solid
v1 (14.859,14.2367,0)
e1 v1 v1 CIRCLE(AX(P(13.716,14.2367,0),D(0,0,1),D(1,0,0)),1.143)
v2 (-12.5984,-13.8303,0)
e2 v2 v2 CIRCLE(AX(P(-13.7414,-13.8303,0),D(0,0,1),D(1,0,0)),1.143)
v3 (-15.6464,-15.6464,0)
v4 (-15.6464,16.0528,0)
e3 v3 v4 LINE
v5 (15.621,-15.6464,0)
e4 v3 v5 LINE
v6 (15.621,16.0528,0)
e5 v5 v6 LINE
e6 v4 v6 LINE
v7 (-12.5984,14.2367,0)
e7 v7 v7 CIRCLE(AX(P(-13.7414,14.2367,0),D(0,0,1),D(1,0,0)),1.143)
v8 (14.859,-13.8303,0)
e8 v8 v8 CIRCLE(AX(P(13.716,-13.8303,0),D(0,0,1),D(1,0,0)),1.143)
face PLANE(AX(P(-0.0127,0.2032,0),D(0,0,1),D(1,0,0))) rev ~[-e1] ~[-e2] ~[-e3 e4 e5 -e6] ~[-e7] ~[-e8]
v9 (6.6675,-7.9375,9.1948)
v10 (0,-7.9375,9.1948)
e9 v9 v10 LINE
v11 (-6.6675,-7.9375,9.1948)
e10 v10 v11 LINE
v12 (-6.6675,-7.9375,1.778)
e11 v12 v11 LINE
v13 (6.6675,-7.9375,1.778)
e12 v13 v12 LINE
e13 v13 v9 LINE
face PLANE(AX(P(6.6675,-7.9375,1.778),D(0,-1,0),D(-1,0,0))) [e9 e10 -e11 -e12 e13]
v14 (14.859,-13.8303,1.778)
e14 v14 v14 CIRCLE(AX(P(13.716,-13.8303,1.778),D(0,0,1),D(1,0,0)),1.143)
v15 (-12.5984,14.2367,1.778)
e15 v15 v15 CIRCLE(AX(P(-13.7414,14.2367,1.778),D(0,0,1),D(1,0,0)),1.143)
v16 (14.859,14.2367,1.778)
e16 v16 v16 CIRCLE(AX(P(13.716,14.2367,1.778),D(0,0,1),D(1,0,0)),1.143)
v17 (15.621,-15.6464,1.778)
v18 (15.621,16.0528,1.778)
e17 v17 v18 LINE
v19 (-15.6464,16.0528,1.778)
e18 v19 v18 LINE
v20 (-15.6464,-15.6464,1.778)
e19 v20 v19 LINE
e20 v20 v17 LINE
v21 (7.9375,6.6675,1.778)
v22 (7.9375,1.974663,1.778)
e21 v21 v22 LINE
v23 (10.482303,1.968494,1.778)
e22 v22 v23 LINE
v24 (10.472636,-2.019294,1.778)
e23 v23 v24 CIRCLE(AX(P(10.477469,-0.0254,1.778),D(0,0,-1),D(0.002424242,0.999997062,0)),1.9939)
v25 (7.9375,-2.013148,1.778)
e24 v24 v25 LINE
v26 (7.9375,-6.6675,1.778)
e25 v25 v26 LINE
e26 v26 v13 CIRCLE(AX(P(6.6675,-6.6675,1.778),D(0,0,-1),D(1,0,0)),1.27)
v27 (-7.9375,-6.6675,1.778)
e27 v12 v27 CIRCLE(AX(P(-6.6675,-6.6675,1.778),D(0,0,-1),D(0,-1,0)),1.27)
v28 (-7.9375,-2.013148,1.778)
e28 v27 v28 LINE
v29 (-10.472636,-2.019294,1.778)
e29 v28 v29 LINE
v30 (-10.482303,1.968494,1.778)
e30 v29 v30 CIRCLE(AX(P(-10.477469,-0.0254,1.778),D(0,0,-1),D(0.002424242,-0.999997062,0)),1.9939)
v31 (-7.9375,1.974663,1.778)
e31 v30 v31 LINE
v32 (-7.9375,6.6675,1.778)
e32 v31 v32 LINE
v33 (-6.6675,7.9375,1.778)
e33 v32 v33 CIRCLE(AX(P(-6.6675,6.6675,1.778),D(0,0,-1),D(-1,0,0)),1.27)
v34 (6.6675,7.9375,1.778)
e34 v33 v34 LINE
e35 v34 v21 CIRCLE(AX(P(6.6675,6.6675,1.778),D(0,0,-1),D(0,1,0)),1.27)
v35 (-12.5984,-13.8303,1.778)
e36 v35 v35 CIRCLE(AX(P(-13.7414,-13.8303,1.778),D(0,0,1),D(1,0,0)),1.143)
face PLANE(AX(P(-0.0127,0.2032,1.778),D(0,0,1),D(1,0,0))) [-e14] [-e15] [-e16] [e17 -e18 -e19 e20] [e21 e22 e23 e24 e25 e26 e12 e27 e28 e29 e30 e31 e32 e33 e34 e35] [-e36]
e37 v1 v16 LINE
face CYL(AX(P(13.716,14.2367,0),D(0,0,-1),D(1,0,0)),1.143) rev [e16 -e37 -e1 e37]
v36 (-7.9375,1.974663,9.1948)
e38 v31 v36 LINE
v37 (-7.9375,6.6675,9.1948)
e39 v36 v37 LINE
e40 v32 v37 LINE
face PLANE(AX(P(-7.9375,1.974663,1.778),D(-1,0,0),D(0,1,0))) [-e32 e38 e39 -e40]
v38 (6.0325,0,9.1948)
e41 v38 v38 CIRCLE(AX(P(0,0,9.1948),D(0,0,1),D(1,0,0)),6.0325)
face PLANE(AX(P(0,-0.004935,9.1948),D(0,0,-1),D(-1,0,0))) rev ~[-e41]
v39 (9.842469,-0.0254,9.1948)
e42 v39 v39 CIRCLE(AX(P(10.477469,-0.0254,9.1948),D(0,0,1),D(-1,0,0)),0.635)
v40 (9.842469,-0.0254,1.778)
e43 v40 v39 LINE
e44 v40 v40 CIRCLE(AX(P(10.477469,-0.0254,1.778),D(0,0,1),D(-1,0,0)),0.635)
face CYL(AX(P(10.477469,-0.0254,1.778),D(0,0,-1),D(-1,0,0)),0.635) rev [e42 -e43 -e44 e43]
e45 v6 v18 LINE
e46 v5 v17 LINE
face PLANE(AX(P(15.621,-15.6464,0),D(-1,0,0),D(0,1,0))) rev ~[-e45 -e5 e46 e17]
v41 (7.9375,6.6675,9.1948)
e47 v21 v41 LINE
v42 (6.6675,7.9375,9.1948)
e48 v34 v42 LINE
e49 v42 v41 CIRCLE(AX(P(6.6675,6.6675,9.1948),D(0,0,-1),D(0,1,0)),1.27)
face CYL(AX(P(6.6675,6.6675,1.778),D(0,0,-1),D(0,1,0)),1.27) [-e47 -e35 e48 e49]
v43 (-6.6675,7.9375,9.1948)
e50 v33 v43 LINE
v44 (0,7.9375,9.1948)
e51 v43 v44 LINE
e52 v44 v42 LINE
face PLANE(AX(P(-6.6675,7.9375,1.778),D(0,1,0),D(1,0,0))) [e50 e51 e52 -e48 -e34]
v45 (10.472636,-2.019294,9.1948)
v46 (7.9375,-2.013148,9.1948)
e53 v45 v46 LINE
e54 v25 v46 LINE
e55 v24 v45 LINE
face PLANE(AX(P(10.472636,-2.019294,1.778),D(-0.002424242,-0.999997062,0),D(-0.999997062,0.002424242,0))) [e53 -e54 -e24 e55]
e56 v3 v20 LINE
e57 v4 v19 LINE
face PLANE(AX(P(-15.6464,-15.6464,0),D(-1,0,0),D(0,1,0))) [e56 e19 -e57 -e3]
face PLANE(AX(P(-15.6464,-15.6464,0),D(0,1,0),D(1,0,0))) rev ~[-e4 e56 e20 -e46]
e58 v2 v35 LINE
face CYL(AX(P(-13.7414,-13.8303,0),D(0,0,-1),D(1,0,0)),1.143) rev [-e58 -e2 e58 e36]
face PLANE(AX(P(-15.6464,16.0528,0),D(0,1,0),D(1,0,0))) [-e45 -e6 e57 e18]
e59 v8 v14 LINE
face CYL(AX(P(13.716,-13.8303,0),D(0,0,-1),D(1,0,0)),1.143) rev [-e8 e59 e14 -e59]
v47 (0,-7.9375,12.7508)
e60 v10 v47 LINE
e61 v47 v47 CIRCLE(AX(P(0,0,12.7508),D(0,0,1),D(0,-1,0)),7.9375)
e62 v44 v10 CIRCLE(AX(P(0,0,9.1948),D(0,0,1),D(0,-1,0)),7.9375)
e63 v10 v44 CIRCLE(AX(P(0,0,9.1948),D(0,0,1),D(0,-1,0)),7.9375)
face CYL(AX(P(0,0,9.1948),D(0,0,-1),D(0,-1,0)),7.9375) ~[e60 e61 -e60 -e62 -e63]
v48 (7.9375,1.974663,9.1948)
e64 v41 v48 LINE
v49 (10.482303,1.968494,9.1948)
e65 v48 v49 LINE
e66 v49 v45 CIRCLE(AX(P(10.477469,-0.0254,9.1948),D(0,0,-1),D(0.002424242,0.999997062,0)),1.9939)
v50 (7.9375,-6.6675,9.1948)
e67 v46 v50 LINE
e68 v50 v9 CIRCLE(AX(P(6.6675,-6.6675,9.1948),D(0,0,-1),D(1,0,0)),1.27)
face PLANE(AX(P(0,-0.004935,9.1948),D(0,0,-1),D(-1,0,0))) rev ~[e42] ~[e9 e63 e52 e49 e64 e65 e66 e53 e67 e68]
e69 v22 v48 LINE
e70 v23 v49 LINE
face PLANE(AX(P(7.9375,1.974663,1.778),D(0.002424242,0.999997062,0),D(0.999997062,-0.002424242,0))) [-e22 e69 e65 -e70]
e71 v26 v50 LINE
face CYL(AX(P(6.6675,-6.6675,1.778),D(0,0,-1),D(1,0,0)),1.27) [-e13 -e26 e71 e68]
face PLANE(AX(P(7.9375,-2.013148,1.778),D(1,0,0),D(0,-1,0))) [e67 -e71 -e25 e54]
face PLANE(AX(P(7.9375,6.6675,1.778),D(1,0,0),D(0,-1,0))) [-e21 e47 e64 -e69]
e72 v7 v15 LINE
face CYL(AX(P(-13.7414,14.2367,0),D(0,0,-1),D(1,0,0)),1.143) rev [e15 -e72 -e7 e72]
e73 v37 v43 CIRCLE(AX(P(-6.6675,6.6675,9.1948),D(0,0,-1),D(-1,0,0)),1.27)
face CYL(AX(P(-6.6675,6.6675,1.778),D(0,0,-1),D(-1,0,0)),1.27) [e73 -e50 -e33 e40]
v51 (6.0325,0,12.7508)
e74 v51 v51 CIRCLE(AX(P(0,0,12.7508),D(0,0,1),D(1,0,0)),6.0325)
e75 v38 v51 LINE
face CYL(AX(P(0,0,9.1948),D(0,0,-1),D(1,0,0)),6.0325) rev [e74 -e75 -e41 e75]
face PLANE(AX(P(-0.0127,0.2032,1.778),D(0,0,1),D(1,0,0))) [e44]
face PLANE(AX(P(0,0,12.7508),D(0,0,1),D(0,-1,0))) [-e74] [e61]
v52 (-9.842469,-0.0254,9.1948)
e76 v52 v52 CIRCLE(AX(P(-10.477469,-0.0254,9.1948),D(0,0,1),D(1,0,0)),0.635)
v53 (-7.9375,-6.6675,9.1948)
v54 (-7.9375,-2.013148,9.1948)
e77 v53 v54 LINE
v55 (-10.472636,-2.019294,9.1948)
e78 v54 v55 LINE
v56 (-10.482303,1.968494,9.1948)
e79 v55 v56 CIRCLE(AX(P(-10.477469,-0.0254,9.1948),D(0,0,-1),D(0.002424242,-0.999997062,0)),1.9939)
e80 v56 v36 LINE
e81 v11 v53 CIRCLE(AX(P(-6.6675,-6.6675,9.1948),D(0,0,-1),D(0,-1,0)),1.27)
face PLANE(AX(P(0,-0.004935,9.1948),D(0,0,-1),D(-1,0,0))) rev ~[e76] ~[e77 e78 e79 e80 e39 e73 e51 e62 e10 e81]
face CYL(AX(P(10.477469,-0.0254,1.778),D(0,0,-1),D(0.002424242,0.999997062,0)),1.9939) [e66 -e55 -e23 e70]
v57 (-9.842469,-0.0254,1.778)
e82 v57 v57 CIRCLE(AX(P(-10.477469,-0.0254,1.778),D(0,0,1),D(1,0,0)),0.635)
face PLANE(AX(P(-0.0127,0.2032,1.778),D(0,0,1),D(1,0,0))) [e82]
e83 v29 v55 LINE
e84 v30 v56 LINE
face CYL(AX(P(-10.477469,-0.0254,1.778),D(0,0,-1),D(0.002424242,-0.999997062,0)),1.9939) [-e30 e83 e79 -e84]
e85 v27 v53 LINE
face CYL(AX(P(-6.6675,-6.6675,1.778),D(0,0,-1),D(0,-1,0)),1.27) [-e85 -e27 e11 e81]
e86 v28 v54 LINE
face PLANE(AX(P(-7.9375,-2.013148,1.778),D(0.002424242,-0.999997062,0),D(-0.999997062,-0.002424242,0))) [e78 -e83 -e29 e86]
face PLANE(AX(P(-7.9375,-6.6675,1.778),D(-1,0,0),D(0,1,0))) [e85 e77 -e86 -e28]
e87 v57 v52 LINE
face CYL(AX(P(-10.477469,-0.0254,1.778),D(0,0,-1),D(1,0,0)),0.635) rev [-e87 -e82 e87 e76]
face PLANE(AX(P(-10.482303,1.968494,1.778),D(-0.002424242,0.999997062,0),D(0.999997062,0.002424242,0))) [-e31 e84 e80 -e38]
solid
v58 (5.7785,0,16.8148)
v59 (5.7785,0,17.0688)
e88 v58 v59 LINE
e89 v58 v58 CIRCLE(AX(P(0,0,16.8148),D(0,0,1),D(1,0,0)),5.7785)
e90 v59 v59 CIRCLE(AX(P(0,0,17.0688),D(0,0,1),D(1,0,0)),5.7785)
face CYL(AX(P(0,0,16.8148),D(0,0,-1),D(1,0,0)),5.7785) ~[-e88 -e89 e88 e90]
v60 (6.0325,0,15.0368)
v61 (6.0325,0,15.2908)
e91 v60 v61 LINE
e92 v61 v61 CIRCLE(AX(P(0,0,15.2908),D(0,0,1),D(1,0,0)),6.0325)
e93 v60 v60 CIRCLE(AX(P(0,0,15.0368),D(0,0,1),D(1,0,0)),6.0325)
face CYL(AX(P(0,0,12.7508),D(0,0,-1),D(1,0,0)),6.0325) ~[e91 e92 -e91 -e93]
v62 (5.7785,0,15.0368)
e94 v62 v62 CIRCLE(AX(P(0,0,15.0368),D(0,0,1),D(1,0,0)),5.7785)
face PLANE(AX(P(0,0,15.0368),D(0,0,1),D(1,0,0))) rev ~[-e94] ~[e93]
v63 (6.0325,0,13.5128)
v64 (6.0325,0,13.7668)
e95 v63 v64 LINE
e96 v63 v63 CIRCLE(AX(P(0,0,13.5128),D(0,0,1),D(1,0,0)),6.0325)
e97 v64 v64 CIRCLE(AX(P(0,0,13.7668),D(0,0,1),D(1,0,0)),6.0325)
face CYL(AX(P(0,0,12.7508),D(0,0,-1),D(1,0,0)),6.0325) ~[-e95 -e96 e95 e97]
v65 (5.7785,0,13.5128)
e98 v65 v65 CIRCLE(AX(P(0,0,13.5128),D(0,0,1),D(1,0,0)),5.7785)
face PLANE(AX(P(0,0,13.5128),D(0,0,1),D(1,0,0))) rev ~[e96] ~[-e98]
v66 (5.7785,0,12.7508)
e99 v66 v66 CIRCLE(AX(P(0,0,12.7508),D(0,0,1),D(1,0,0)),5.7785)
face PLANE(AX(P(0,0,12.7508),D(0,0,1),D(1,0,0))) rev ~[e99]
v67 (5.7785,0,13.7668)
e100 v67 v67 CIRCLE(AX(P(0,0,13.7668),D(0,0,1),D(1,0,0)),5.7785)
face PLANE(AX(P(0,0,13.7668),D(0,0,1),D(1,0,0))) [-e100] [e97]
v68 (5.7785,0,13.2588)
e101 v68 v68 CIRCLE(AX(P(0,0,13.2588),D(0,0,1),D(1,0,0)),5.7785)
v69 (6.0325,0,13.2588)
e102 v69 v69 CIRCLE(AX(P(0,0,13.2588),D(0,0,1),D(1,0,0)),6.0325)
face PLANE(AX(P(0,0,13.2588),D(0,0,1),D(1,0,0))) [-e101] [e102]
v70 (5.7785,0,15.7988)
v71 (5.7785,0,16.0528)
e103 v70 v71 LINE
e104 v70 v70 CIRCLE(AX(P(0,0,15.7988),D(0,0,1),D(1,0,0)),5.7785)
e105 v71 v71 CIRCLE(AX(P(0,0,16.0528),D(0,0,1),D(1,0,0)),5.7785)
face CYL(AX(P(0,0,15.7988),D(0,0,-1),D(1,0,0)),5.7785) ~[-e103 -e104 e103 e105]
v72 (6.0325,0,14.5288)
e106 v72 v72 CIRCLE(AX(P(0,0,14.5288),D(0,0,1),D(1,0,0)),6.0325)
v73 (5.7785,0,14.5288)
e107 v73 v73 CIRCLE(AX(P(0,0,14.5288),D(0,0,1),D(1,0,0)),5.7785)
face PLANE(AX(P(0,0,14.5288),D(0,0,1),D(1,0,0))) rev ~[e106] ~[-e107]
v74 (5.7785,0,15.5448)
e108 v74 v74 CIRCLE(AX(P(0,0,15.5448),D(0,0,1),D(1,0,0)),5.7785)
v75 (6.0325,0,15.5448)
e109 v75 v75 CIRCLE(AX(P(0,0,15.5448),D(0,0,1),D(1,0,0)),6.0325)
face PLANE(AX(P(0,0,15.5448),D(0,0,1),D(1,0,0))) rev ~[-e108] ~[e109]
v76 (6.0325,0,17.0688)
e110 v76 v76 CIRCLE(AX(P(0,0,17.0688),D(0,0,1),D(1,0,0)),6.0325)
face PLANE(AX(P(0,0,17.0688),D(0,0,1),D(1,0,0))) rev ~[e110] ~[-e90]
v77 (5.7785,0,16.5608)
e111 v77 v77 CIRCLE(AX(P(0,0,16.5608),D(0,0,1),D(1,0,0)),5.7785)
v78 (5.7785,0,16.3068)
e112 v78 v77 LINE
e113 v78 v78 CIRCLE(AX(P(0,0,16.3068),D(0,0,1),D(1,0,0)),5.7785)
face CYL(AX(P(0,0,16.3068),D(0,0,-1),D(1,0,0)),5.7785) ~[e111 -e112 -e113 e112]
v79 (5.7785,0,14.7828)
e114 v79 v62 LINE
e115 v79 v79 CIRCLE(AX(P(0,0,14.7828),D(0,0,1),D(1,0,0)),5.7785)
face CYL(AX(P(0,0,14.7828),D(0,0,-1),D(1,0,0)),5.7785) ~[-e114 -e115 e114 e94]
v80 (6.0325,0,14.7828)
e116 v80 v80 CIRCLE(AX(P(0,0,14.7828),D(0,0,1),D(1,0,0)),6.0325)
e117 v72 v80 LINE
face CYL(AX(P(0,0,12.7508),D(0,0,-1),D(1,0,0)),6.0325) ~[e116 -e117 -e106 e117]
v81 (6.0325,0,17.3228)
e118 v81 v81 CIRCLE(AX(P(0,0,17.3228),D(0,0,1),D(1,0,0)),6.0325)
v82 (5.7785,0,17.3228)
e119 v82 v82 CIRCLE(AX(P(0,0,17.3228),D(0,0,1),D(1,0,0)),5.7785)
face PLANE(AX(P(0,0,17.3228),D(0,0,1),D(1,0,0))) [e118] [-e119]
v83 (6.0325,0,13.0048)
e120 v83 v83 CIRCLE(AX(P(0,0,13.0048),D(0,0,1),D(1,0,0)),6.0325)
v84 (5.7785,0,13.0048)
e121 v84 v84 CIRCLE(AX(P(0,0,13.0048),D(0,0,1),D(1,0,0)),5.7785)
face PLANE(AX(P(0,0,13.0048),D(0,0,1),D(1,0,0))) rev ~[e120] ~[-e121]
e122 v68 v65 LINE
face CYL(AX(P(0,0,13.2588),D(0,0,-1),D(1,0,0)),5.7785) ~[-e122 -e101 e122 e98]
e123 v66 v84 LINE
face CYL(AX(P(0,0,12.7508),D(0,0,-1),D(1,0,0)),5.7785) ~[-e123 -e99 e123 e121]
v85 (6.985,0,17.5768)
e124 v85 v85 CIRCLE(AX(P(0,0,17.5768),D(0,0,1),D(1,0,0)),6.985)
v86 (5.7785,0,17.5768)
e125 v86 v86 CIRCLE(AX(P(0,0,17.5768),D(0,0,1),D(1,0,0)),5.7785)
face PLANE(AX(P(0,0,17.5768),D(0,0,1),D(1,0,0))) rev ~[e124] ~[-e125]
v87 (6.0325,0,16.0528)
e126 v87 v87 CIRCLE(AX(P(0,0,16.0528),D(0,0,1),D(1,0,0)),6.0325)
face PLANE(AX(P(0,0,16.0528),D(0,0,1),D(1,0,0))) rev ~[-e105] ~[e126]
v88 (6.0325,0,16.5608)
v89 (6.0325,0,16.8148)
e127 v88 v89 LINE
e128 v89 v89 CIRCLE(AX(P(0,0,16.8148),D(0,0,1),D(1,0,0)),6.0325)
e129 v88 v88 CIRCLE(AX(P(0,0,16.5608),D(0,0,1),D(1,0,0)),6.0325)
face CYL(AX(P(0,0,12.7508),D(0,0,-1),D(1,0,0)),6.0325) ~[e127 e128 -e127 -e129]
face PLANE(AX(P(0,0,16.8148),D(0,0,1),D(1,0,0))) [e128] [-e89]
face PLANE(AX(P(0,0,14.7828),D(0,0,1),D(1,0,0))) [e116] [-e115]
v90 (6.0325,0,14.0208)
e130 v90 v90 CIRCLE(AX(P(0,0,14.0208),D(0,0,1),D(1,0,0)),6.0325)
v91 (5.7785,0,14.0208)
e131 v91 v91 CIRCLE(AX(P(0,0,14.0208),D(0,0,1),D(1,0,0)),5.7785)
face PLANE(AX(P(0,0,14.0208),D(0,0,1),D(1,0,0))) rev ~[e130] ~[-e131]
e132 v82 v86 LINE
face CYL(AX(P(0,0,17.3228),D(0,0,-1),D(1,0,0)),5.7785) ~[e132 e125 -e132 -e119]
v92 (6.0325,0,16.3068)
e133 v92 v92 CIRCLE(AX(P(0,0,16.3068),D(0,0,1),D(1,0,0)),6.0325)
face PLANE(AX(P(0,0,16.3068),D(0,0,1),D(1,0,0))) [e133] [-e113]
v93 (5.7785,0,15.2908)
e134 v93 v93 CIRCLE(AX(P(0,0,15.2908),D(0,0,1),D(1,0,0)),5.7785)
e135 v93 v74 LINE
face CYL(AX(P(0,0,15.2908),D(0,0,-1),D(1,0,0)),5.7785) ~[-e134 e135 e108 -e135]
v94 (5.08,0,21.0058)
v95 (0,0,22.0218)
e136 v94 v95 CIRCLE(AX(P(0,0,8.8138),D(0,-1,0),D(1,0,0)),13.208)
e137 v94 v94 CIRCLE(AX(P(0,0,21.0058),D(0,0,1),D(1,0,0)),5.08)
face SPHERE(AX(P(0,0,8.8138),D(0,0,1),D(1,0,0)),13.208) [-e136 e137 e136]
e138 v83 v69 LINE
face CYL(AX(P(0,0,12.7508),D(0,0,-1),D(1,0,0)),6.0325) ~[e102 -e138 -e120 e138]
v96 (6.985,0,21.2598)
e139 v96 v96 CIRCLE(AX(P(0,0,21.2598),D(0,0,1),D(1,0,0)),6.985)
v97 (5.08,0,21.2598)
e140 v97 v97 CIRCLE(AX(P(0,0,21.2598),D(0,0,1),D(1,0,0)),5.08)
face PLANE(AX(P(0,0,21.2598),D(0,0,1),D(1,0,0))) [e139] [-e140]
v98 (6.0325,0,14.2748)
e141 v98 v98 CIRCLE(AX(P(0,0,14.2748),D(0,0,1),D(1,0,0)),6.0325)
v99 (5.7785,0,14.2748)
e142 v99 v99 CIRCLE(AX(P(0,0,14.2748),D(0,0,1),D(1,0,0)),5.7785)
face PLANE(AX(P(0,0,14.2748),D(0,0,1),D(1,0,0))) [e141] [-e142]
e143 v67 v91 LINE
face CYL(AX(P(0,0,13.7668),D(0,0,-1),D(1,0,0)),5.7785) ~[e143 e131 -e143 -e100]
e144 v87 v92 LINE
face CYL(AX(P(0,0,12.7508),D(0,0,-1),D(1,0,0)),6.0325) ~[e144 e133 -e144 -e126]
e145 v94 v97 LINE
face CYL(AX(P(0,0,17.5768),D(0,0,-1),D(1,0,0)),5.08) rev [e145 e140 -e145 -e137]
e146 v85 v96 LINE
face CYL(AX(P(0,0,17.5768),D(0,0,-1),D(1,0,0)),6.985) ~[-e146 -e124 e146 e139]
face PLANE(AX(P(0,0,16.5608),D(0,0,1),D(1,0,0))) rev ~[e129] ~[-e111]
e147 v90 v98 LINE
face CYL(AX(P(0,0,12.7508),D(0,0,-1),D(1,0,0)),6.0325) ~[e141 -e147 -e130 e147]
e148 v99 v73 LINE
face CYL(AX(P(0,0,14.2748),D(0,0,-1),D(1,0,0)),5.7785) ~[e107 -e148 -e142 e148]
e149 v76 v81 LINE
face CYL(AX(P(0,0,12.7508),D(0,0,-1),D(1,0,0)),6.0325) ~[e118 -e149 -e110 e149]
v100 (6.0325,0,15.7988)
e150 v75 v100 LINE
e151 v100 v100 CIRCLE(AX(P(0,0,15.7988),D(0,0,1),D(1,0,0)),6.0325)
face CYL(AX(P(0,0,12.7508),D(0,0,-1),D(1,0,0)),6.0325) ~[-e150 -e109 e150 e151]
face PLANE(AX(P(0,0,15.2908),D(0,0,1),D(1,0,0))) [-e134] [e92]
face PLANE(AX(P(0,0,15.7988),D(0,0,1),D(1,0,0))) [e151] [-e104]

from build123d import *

# Parameters (mm, degrees)
SKETCH1_W           = 31.2674
SKETCH1_H           = 31.6992
SKETCH1_R           = 1.143
BOSS_EXTRUDE1_DEPTH = 1.778
SKETCH2_R           = 0.635
BOSS_EXTRUDE2_DEPTH = 7.4168
SKETCH3_R           = 7.9375
SKETCH3_R_2         = 6.0325
BOSS_EXTRUDE3_DEPTH = 3.556
SKETCH4_R           = 6.0325
BOSS_EXTRUDE4_DEPTH = 4.826
SKETCH5_R           = 6.985
SKETCH5_R_2         = 5.08
BOSS_EXTRUDE5_DEPTH = 3.683
SKETCH7_R           = 5.08
BOSS_EXTRUDE7_DEPTH = 3.429
DOME1_FACE_RADIUS   = 5.08
DOME1_HEIGHT        = 1.016
SKETCH8_R           = 6.0325
SKETCH8_R_2         = 5.7785
CUT_EXTRUDE1_DEPTH  = 0.254
LPATTERN1_COUNT     = 10
LPATTERN1_PITCH     = 0.508


with BuildPart() as part:
    # Sketch1 → Boss-Extrude1 (new body)
    with BuildSketch(Plane.XY):
        with Locations((-0.0127, 0.2032)):
            Rectangle(SKETCH1_W, SKETCH1_H)
        with Locations((13.716, 14.2367)):
            Circle(SKETCH1_R, mode=Mode.SUBTRACT)
        with Locations((-13.7414, 14.2367)):
            Circle(SKETCH1_R, mode=Mode.SUBTRACT)
        with Locations((13.716, -13.8303)):
            Circle(SKETCH1_R, mode=Mode.SUBTRACT)
        with Locations((-13.7414, -13.8303)):
            Circle(SKETCH1_R, mode=Mode.SUBTRACT)
    extrude(amount=BOSS_EXTRUDE1_DEPTH)

    # Sketch2 → Boss-Extrude2 (add)
    with BuildSketch(Plane.XY.offset(1.778)):
        with BuildLine():
            Line((-7.9375, 1.974663378), (-7.9375, 6.6675))
            ThreePointArc((-7.9375, 6.6675), (-7.565525612, 7.565525612), (-6.6675, 7.9375))
            Line((-6.6675, 7.9375), (6.6675, 7.9375))
            ThreePointArc((6.6675, 7.9375), (7.565525612, 7.565525612), (7.9375, 6.6675))
            Line((7.9375, 6.6675), (7.9375, 1.974663378))
            Line((7.9375, 1.974663378), (10.482302909, 1.968494141))
            ThreePointArc((10.482302909, 1.968494141), (12.471363353, -0.030233697), (10.472635515, -2.019294141))
            Line((10.472635515, -2.019294141), (7.9375, -2.01314834))
            Line((7.9375, -2.01314834), (7.9375, -6.6675))
            ThreePointArc((7.9375, -6.6675), (7.565525612, -7.565525612), (6.6675, -7.9375))
            Line((6.6675, -7.9375), (-6.6675, -7.9375))
            ThreePointArc((-6.6675, -7.9375), (-7.565525612, -7.565525612), (-7.9375, -6.6675))
            Line((-7.9375, -6.6675), (-7.9375, -2.01314834))
            Line((-7.9375, -2.01314834), (-10.472635515, -2.019294141))
            ThreePointArc((-10.472635515, -2.019294141), (-12.471363353, -0.030233697), (-10.482302909, 1.968494141))
            Line((-10.482302909, 1.968494141), (-7.9375, 1.974663378))
        make_face()
        with Locations((-10.477469212, -0.0254)):
            Circle(SKETCH2_R, mode=Mode.SUBTRACT)
        with Locations(Location((10.477469212, -0.0254, 0), (0, 0, 180))):
            Circle(SKETCH2_R, mode=Mode.SUBTRACT)
    extrude(amount=BOSS_EXTRUDE2_DEPTH)

    # Sketch3 → Boss-Extrude3 (add)
    with BuildSketch(Plane.XY.offset(9.1948)):
        with Locations(Location((0, 0, 0), (0, 0, 270))):
            Circle(SKETCH3_R)
        Circle(SKETCH3_R_2, mode=Mode.SUBTRACT)
    extrude(amount=BOSS_EXTRUDE3_DEPTH)


with BuildPart() as body_2:
    # Sketch4 → Boss-Extrude4 (new body)
    with BuildSketch(Plane.XY.offset(12.7508)):
        Circle(SKETCH4_R)
    extrude(amount=BOSS_EXTRUDE4_DEPTH)

    # Sketch5 → Boss-Extrude5 (add)
    with BuildSketch(Plane.XY.offset(17.5768)):
        Circle(SKETCH5_R)
        Circle(SKETCH5_R_2, mode=Mode.SUBTRACT)
    extrude(amount=BOSS_EXTRUDE5_DEPTH)

    # Sketch7 → Boss-Extrude7 (add)
    with BuildSketch(Plane.XY.offset(17.5768)):
        Circle(SKETCH7_R)
    extrude(amount=BOSS_EXTRUDE7_DEPTH)

    # Dome1: a dome of height H over a round flat face of radius A is a cap of a sphere of radius (A * A + H * H) / (2 * H)
    dome1_r = (DOME1_FACE_RADIUS * DOME1_FACE_RADIUS + DOME1_HEIGHT * DOME1_HEIGHT) / (2 * DOME1_HEIGHT)
    dome1_base = Plane((0, 0, 21.0058), z_dir=(0, 0, 1))
    with Locations(dome1_base.offset(DOME1_HEIGHT - dome1_r)):
        dome1_ball = Sphere(dome1_r, mode=Mode.PRIVATE)
    add(split(dome1_ball, bisect_by=dome1_base, keep=Keep.TOP, mode=Mode.PRIVATE))

    # Sketch8 → Cut-Extrude1 (cut)
    with BuildSketch(Plane.XY.offset(12.7508)):
        Circle(SKETCH8_R)
        Circle(SKETCH8_R_2, mode=Mode.SUBTRACT)
    cut_extrude1 = extrude(amount=CUT_EXTRUDE1_DEPTH, mode=Mode.SUBTRACT)

    # LPattern1: Cut-Extrude1 ×10
    with Locations(*[(0, 0, i * LPATTERN1_PITCH) for i in range(1, LPATTERN1_COUNT)]):
        add(cut_extrude1, mode=Mode.SUBTRACT)


solid = Compound([part.part, body_2.part])
